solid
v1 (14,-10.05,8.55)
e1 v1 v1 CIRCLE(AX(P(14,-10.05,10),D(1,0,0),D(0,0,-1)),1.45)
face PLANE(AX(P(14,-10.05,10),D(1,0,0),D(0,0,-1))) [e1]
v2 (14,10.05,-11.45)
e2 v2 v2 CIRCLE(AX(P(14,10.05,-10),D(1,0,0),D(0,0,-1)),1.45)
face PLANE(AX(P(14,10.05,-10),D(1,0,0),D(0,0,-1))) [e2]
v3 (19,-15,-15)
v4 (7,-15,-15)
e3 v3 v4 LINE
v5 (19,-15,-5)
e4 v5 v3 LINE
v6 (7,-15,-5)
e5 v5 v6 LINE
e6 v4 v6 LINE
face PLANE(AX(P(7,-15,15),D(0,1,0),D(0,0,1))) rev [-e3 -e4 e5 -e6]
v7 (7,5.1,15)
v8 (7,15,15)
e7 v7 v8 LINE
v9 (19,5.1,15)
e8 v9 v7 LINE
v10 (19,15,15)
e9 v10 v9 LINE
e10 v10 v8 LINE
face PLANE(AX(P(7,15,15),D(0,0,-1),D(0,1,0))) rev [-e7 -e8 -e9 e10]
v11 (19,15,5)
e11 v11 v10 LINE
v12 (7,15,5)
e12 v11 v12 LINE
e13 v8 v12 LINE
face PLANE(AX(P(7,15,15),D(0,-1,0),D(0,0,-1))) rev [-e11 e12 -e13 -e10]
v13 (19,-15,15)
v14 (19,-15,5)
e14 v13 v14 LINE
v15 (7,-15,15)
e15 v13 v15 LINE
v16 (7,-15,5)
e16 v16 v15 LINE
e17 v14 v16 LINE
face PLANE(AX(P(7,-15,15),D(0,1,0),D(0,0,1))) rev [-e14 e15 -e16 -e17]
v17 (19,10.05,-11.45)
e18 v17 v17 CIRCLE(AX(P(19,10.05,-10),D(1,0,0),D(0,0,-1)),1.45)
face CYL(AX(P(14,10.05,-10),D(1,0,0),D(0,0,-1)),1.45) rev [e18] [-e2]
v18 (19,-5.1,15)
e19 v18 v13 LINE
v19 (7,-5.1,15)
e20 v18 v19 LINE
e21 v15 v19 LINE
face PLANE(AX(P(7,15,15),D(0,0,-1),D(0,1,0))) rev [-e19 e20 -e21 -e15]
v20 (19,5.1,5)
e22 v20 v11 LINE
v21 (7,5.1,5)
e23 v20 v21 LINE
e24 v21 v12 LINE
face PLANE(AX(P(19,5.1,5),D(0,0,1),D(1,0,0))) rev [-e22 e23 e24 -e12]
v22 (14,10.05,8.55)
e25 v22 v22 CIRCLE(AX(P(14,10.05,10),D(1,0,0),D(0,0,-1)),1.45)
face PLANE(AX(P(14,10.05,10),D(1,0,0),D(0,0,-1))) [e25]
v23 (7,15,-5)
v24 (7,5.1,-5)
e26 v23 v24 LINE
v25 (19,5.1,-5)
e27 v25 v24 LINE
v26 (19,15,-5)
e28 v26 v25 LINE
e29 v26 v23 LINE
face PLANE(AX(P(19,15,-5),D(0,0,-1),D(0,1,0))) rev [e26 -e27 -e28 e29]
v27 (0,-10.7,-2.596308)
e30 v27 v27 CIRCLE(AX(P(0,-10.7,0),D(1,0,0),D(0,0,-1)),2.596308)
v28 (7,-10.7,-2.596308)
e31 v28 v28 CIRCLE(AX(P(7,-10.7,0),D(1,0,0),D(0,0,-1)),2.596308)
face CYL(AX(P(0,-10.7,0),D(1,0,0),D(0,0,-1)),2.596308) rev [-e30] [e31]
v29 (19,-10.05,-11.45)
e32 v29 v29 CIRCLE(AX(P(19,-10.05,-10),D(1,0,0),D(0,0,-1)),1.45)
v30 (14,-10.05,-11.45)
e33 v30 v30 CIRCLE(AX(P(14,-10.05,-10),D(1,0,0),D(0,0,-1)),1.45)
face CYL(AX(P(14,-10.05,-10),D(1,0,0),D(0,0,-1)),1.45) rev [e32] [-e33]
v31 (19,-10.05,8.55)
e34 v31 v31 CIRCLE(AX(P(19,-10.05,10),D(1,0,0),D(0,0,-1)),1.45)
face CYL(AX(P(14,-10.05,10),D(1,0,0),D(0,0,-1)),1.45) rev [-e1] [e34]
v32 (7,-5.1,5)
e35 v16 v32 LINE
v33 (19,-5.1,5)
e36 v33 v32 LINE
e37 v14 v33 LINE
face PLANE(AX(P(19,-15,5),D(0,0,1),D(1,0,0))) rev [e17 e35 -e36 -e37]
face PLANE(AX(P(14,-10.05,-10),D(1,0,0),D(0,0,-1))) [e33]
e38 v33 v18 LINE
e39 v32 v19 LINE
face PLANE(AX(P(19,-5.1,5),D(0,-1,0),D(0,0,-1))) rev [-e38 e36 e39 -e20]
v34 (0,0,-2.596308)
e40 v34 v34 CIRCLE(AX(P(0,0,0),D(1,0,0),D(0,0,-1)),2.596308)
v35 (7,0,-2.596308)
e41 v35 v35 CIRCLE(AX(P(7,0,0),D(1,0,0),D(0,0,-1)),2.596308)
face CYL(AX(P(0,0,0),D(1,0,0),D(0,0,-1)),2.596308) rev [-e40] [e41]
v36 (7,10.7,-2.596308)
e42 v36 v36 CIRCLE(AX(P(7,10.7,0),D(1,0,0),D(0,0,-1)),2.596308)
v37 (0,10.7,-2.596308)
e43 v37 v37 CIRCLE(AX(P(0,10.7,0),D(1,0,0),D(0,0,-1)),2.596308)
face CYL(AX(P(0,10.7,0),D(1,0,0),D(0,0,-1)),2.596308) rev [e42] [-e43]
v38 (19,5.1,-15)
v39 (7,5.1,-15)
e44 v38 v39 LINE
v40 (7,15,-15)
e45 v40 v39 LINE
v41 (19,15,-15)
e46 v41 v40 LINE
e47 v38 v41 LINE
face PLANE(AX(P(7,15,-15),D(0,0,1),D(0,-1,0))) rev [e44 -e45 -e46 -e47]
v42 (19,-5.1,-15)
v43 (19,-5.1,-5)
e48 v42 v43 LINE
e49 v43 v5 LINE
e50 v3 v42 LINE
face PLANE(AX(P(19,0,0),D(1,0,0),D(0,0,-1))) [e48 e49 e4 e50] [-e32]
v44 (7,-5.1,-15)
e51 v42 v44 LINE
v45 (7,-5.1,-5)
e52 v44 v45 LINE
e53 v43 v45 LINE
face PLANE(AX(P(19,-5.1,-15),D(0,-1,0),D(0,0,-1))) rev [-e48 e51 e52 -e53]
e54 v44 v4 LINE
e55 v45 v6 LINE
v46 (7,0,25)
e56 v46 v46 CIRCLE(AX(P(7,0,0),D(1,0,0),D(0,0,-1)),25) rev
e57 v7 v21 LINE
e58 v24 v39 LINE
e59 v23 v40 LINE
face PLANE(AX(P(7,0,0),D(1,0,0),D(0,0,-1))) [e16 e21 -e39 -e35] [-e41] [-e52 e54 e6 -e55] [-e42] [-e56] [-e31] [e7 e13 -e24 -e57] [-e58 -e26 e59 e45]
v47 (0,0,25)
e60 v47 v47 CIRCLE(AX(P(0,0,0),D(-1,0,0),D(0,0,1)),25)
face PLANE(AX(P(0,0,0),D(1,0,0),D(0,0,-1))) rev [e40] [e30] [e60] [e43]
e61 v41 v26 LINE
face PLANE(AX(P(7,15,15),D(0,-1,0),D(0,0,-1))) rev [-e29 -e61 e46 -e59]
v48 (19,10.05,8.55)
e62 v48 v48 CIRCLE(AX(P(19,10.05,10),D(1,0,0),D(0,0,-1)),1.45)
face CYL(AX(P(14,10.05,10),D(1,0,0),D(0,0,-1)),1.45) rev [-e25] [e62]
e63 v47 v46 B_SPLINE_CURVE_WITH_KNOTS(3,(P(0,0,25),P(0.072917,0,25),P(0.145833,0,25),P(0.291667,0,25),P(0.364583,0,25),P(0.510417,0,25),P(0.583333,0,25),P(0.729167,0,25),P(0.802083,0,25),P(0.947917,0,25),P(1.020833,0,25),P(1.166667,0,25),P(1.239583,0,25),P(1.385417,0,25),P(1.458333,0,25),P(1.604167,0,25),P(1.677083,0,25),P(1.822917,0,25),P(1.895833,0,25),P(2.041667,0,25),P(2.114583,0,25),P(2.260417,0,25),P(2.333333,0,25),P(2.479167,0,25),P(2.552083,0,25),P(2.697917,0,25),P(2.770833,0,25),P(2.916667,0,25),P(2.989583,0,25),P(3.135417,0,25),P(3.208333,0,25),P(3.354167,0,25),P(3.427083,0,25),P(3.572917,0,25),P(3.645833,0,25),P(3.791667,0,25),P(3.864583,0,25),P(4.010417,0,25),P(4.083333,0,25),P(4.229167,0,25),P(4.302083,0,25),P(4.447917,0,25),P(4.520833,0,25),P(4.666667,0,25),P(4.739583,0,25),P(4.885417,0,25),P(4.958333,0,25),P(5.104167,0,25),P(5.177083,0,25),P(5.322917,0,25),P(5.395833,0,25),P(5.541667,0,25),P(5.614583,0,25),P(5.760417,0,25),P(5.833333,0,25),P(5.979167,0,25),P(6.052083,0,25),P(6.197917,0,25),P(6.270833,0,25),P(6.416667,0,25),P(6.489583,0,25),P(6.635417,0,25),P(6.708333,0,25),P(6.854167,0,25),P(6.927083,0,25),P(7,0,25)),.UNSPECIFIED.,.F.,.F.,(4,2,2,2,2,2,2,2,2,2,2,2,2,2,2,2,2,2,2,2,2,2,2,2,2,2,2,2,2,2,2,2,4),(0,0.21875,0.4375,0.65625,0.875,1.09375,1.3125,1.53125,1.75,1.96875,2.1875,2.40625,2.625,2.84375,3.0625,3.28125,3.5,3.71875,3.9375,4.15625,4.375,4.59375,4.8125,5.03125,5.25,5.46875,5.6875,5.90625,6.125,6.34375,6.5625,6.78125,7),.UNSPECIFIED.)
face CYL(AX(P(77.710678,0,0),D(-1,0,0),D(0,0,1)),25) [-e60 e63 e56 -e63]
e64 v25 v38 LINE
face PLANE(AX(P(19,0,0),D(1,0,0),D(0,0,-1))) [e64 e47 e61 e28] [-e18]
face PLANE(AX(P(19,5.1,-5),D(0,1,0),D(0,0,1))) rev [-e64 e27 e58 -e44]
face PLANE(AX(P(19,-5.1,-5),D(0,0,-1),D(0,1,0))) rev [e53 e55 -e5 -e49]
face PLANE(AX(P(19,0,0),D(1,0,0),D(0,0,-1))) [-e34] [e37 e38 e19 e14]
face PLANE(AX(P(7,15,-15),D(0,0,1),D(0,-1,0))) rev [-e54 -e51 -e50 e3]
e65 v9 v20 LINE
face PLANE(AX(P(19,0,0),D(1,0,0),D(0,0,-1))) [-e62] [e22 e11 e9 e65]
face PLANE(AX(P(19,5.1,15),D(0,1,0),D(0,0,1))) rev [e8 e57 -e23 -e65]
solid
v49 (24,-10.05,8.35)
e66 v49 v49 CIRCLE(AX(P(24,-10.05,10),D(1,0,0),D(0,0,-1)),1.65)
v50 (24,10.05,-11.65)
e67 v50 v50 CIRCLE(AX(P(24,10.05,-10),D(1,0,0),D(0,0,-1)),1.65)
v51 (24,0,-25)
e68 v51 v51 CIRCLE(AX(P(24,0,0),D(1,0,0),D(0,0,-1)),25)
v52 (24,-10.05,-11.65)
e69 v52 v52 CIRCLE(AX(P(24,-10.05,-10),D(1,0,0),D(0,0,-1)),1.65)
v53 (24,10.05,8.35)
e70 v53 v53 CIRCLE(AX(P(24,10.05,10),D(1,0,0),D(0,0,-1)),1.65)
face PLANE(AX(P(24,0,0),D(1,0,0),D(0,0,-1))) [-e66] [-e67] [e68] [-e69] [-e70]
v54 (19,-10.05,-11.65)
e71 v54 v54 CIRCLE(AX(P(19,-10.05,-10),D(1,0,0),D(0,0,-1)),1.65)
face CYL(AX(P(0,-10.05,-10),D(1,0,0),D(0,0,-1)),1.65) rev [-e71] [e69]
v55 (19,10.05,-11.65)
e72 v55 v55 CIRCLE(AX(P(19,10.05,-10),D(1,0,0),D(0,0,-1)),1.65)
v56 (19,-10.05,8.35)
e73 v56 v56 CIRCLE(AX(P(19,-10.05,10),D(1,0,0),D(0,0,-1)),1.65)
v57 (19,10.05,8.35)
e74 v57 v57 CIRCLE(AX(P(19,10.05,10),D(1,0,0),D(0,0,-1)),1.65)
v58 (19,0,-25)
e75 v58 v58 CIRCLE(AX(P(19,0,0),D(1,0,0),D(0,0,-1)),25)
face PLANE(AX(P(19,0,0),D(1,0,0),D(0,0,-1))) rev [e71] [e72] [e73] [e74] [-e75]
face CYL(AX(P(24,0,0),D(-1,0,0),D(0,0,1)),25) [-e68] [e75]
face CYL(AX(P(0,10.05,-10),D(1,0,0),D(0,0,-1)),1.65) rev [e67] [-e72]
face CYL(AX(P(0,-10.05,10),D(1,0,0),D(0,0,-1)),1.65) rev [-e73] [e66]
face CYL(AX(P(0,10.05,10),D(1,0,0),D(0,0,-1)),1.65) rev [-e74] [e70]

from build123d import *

# Parameters (mm, degrees)
SKETCH1_W           = 30
SKETCH1_H           = 30
BOSS_EXTRUDE1_DEPTH = 7
SKETCH2_W           = 10
SKETCH2_H           = 9.9
BOSS_EXTRUDE2_DEPTH = 12
SKETCH3_R           = 2.596307875
CUT_EXTRUDE1_DEPTH  = 25.372115214
SKETCH4_R           = 25
SKETCH4_W           = 30
SKETCH4_H           = 30
BOSS_EXTRUDE4_DEPTH = 7
SKETCH5_R           = 25
BOSS_EXTRUDE5_DEPTH = 5
SKETCH6_R           = 1.45
CUT_EXTRUDE2_DEPTH  = 10
SKETCH7_R           = 1.65
CUT_EXTRUDE3_DEPTH  = 43.731721238


with BuildPart() as part:
    # Sketch1 → Boss-Extrude1 (new body)
    with BuildSketch(Plane(origin=(0, 0, 0), x_dir=(0, 0, -1), z_dir=(1, 0, 0))):
        Rectangle(SKETCH1_W, SKETCH1_H)
    extrude(amount=BOSS_EXTRUDE1_DEPTH)

    # Sketch2 → Boss-Extrude2 (add)
    with BuildSketch(Plane(origin=(7, 0, 0), x_dir=(0, 0, -1), z_dir=(1, 0, 0))):
        with Locations((-10, 10.05)):
            Rectangle(SKETCH2_W, SKETCH2_H)
        with Locations((10, 10.05)):
            Rectangle(SKETCH2_W, SKETCH2_H)
        with Locations((10, -10.05)):
            Rectangle(SKETCH2_W, SKETCH2_H)
        with Locations((-10, -10.05)):
            Rectangle(SKETCH2_W, SKETCH2_H)
    extrude(amount=BOSS_EXTRUDE2_DEPTH)

    # Sketch3 → Cut-Extrude1 (cut, through all)
    with BuildSketch(Plane(origin=(7, 0, 0), x_dir=(0, 0, -1), z_dir=(1, 0, 0))):
        with Locations((0, 10.7)):
            Circle(SKETCH3_R)
        with Locations((0, -10.7)):
            Circle(SKETCH3_R)
        Circle(SKETCH3_R)
    extrude(amount=-CUT_EXTRUDE1_DEPTH, mode=Mode.SUBTRACT)

    # Sketch4 → Boss-Extrude4 (add)
    with BuildSketch(Plane.ZY):
        Circle(SKETCH4_R)
        Rectangle(SKETCH4_W, SKETCH4_H, mode=Mode.SUBTRACT)
    extrude(amount=-BOSS_EXTRUDE4_DEPTH)


with BuildPart() as body_2:
    # Sketch5 → Boss-Extrude5 (new body)
    with BuildSketch(Plane(origin=(19, 0, 0), x_dir=(0, 0, -1), z_dir=(1, 0, 0))):
        Circle(SKETCH5_R)
    extrude(amount=BOSS_EXTRUDE5_DEPTH)


with BuildPart() as cut_extrude2_tool:
    # Sketch6 → Cut-Extrude2 (new body)
    with BuildSketch(Plane(origin=(24, 0, 0), x_dir=(0, 0, -1), z_dir=(1, 0, 0))):
        with Locations((-10, 10.05)):
            Circle(SKETCH6_R)
        with Locations((-10, -10.05)):
            Circle(SKETCH6_R)
        with Locations((10, -10.05)):
            Circle(SKETCH6_R)
        with Locations((10, 10.05)):
            Circle(SKETCH6_R)
    extrude(amount=-CUT_EXTRUDE2_DEPTH)


with BuildPart() as part_1:
    add(part.part)

    # Cut-Extrude2: cut by cut_extrude2_tool
    add(cut_extrude2_tool.part, mode=Mode.SUBTRACT)


with BuildPart() as body_2_1:
    add(body_2.part)

    # Cut-Extrude2: cut by cut_extrude2_tool
    add(cut_extrude2_tool.part, mode=Mode.SUBTRACT)

    # Sketch7 → Cut-Extrude3 (cut, through all)
    with BuildSketch(Plane(origin=(24, 0, 0), x_dir=(0, 0, -1), z_dir=(1, 0, 0))):
        with Locations((-10, 10.05)):
            Circle(SKETCH7_R)
        with Locations((-10, -10.05)):
            Circle(SKETCH7_R)
        with Locations((10, -10.05)):
            Circle(SKETCH7_R)
        with Locations((10, 10.05)):
            Circle(SKETCH7_R)
    extrude(amount=-CUT_EXTRUDE3_DEPTH, mode=Mode.SUBTRACT)


solid = Compound([part_1.part, body_2_1.part])
